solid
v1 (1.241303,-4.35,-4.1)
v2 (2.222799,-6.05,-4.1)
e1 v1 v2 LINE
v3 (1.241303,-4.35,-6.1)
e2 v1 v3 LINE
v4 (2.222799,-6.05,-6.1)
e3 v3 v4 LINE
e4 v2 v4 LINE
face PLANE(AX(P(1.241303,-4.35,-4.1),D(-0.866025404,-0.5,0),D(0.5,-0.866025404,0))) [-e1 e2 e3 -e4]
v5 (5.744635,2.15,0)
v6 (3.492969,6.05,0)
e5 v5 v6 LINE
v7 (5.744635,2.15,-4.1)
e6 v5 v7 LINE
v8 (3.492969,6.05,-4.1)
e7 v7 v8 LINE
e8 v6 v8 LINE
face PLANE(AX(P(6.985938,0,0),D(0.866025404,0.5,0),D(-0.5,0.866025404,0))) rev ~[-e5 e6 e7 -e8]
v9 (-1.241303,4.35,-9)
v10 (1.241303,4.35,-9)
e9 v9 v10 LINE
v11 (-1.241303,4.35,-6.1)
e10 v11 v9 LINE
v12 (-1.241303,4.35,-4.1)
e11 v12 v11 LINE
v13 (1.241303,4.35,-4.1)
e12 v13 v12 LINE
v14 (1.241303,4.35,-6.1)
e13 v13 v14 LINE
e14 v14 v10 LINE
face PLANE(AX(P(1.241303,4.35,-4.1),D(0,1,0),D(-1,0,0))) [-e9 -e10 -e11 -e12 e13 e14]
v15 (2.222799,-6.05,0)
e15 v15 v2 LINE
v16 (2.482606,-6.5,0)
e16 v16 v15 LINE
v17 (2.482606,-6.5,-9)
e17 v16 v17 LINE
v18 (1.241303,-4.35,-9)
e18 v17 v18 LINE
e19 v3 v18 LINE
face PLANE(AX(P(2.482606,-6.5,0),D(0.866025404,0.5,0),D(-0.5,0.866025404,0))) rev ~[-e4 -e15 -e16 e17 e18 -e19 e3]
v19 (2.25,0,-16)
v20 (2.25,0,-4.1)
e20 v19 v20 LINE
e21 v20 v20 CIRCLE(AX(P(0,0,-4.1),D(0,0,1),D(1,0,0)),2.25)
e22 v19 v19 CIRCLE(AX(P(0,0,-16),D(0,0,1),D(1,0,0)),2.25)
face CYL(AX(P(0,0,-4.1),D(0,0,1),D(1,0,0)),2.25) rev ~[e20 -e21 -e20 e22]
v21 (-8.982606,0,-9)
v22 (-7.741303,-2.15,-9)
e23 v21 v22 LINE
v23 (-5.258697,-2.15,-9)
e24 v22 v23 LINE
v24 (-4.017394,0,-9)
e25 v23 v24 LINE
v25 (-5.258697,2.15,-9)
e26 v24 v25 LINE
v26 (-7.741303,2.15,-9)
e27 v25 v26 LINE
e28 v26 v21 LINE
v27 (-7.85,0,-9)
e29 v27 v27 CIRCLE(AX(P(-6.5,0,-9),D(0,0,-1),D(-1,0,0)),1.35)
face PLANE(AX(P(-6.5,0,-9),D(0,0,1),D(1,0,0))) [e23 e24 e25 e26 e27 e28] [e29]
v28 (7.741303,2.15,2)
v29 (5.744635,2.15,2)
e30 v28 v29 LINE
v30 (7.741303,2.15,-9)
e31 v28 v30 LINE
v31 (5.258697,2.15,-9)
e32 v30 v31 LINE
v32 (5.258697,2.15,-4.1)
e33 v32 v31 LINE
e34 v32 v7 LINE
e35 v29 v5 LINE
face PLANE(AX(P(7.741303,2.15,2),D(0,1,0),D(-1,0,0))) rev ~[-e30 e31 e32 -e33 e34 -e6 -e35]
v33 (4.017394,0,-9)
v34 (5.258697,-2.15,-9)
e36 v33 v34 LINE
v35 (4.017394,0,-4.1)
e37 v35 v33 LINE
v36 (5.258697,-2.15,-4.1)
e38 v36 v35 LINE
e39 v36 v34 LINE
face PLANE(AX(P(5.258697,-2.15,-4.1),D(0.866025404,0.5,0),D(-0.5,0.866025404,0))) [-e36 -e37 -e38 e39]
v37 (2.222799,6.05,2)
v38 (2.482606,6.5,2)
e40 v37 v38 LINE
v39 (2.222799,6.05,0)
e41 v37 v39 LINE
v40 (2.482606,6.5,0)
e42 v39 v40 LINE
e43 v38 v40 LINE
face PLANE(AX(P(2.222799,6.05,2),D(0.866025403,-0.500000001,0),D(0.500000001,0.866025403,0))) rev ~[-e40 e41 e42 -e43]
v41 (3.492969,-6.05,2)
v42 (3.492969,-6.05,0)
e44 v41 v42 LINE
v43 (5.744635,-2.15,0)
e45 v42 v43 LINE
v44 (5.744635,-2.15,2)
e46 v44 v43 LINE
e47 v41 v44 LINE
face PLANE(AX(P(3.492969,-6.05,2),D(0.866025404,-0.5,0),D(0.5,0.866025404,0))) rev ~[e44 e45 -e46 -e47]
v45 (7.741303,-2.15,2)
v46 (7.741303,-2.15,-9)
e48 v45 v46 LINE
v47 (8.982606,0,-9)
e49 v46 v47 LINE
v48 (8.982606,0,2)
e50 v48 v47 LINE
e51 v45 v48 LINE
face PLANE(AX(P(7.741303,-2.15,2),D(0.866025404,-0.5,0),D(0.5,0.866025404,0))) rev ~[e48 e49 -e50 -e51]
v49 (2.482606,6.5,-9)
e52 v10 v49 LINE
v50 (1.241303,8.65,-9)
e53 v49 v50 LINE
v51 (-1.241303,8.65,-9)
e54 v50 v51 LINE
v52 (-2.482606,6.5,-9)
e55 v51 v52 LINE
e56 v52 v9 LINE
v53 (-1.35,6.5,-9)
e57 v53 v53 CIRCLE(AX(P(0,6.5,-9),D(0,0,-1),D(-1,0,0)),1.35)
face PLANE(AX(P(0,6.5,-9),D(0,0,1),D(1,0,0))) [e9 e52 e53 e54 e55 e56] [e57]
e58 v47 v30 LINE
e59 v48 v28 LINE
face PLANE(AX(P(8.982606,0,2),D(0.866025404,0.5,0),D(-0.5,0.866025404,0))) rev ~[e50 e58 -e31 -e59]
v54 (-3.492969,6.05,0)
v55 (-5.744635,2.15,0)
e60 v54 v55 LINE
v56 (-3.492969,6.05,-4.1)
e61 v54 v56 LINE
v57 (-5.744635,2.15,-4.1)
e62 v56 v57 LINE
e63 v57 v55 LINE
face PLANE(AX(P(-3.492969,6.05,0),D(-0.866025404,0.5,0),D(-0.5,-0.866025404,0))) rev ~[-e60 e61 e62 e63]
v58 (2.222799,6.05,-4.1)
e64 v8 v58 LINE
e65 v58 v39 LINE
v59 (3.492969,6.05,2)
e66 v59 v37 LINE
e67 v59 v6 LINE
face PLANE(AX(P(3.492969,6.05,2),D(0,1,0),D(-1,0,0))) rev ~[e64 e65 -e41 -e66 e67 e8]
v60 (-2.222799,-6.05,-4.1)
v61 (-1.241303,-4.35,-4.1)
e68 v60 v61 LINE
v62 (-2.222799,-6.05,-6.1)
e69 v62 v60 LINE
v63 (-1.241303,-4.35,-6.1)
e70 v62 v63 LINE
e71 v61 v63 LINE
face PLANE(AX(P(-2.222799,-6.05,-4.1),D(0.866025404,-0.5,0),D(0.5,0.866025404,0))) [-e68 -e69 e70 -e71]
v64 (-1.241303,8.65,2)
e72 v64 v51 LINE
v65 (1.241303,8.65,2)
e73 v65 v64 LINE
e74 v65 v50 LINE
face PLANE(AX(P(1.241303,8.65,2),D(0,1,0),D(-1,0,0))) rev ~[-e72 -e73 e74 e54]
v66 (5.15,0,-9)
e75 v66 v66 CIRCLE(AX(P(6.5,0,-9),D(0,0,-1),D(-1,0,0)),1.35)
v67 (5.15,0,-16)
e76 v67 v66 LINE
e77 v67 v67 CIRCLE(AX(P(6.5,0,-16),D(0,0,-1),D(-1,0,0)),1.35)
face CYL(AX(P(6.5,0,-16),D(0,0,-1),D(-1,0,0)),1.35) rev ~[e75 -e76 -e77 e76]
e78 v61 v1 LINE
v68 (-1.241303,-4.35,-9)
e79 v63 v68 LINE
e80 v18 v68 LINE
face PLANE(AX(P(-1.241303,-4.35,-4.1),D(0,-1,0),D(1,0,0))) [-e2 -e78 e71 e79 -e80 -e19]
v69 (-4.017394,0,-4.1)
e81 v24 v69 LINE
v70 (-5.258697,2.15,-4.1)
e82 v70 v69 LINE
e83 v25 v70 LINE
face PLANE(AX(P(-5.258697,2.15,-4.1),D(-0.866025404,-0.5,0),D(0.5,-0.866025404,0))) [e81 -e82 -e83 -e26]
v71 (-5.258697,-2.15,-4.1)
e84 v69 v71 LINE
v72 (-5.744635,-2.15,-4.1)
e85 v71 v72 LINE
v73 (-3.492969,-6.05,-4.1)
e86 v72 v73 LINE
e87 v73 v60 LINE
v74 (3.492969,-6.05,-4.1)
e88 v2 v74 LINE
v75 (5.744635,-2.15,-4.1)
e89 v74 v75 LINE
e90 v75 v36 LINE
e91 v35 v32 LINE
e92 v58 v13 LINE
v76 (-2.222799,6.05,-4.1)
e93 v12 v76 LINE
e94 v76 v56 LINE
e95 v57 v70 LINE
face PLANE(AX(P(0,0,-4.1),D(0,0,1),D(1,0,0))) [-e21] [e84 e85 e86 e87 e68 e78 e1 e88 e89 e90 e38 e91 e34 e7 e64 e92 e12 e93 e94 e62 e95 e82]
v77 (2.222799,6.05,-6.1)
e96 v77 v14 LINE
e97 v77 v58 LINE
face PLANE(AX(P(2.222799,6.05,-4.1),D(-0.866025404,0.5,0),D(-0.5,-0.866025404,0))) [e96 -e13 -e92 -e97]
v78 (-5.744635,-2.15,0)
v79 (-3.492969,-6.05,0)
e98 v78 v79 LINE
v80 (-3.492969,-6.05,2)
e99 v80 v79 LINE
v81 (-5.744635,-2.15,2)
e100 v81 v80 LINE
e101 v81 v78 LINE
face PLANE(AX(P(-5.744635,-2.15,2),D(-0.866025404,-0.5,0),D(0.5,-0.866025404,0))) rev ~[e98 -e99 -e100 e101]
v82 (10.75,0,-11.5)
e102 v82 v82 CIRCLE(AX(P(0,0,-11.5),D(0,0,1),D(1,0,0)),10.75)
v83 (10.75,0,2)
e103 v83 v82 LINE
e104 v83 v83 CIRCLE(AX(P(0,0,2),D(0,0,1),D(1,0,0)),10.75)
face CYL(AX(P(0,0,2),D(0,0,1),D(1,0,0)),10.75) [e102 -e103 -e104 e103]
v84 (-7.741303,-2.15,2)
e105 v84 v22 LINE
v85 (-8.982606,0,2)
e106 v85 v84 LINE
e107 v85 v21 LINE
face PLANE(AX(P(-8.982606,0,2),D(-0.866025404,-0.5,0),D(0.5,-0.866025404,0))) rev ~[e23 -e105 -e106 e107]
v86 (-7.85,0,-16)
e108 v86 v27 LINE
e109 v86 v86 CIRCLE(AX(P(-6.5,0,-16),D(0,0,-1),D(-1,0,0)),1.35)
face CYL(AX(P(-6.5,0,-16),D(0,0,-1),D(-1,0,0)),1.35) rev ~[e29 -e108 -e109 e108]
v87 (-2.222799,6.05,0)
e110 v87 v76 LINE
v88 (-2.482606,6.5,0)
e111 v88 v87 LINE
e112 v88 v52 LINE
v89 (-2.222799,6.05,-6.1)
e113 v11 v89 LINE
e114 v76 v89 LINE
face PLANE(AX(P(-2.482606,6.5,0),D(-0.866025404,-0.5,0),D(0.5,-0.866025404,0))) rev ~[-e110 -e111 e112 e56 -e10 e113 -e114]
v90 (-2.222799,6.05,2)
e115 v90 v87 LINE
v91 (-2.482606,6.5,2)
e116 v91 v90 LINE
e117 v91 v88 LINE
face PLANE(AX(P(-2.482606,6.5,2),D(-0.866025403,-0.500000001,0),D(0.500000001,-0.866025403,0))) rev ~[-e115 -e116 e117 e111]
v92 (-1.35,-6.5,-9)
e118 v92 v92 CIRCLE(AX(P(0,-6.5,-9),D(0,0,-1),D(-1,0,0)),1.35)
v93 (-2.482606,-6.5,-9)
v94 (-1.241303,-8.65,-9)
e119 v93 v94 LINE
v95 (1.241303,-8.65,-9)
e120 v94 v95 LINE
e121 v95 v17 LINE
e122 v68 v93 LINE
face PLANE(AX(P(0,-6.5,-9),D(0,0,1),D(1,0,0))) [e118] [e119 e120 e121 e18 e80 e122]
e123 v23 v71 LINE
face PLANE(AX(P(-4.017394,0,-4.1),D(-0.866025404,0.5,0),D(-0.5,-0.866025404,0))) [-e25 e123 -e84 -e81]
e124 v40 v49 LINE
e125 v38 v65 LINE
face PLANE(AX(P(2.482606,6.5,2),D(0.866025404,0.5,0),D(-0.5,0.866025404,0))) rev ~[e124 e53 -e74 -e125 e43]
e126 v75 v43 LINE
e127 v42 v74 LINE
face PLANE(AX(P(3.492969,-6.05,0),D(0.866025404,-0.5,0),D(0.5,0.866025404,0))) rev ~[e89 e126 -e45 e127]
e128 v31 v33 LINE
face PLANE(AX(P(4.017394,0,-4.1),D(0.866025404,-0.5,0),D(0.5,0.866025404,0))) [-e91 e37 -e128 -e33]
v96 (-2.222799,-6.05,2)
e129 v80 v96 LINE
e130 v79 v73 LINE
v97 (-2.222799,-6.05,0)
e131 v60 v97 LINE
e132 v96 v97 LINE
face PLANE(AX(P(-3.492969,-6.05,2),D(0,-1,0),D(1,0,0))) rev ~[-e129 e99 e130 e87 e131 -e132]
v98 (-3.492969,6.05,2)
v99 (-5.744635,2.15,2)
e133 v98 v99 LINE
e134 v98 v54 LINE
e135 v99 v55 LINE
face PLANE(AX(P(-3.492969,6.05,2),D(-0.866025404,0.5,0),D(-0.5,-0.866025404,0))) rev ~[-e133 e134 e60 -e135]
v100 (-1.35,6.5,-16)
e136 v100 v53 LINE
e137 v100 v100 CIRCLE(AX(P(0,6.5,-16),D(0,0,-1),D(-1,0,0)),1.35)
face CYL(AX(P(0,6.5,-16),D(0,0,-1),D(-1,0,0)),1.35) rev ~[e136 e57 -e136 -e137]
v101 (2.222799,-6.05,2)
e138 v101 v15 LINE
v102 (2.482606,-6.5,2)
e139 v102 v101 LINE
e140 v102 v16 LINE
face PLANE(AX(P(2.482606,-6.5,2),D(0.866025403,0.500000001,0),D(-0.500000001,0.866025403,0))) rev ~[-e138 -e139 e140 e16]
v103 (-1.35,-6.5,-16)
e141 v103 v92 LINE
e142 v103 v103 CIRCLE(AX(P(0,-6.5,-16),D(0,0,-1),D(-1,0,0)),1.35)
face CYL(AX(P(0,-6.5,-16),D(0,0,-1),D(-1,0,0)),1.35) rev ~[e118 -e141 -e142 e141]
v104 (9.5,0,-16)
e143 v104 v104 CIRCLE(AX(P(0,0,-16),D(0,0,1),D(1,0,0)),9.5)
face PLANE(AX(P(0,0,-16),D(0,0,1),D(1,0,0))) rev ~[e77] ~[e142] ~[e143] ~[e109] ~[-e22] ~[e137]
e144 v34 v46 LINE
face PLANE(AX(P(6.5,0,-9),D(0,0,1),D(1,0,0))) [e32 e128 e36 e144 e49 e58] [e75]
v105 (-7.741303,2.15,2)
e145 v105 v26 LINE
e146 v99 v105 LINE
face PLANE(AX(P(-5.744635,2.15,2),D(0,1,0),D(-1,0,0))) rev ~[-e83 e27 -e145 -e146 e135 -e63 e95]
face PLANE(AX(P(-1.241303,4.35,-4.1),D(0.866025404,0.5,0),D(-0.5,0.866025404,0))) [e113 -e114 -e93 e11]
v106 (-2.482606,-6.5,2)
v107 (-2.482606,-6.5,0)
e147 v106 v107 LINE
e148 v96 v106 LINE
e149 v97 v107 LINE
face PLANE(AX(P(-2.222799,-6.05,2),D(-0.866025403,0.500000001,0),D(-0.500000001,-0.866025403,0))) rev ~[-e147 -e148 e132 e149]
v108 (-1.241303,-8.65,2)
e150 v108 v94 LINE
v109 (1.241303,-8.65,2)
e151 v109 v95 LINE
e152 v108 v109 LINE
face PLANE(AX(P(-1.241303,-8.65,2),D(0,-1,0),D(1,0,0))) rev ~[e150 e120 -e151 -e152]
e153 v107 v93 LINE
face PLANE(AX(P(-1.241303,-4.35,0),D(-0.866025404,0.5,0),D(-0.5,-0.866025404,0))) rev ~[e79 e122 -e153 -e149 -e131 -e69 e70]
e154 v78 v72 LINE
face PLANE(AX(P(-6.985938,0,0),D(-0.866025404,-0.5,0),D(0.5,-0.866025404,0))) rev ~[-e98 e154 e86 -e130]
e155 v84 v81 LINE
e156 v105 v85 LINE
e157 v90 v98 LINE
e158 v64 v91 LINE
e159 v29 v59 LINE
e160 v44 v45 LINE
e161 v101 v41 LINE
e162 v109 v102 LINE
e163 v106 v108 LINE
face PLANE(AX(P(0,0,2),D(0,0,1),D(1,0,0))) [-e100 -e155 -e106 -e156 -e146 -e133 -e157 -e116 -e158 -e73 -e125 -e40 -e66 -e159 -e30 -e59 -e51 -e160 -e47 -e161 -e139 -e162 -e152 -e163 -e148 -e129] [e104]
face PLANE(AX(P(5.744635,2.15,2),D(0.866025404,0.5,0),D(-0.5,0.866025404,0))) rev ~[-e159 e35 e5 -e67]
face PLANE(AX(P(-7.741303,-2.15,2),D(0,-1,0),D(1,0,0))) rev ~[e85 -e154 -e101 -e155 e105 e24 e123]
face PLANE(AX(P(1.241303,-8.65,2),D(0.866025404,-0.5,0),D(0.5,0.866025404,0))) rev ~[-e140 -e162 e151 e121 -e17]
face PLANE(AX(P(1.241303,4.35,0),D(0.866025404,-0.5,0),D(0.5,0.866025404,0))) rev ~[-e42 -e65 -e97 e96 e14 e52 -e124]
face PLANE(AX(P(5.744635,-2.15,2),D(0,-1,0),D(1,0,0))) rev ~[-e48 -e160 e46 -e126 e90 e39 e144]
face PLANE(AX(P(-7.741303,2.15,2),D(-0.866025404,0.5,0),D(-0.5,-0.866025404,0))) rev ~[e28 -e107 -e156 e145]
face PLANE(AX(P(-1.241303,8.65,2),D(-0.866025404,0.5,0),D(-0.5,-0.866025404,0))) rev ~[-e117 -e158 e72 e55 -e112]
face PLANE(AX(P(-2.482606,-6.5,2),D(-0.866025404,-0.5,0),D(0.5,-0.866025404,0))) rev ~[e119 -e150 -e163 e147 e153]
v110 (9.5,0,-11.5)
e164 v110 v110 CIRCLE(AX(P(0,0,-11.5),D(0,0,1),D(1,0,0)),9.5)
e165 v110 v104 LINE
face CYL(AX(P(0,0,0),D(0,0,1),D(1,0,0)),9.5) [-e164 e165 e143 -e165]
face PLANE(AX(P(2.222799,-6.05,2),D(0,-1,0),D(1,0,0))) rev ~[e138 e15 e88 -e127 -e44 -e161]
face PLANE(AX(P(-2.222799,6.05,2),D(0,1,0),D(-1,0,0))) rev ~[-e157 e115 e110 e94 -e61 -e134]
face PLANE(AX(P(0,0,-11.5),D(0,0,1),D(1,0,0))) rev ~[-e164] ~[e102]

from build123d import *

# Parameters (mm, degrees)
SKETCH1_R           = 9.5
BOSS_EXTRUDE1_DEPTH = 16
SKETCH1_3_R         = 10.75
SKETCH1_3_R_2       = 9.5
BOSS_EXTRUDE2_DEPTH = 11.5
SKETCH2_R           = 2.25
CUT_EXTRUDE1_DEPTH  = 23.070908454
SKETCH3_R           = 1.35
CUT_EXTRUDE2_DEPTH  = 23.070908454
CUT_EXTRUDE7_START  = -9
SKETCH5_R           = 1.35
CUT_EXTRUDE7_DEPTH  = 9
CUT_EXTRUDE8_DEPTH  = 6.1
BOSS_EXTRUDE5_START = 2
SKETCH8_R           = 2.25
BOSS_EXTRUDE5_DEPTH = 2
BOSS_EXTRUDE6_START = 2
SKETCH9_R           = 10.75
BOSS_EXTRUDE6_DEPTH = 2


with BuildPart() as part:
    # Sketch1 → Boss-Extrude1 (new body)
    with BuildSketch(Plane.XY):
        Circle(SKETCH1_R)
    extrude(amount=-BOSS_EXTRUDE1_DEPTH)

    # Sketch1<3> → Boss-Extrude2 (add)
    with BuildSketch(Plane.XY):
        Circle(SKETCH1_3_R)
        Circle(SKETCH1_3_R_2, mode=Mode.SUBTRACT)
    extrude(amount=-BOSS_EXTRUDE2_DEPTH)

    # Sketch2 → Cut-Extrude1 (cut, through all)
    with BuildSketch(Plane.XY):
        Circle(SKETCH2_R)
    extrude(amount=-CUT_EXTRUDE1_DEPTH, mode=Mode.SUBTRACT)

    # Sketch3 → Cut-Extrude2 (cut, through all)
    with BuildSketch(Plane(origin=(0, 0, -16), x_dir=(-1, 0, 0), z_dir=(0, 0, -1))):
        with Locations((-6.5, 0)):
            Circle(SKETCH3_R)
        with Locations((0, 6.5)):
            Circle(SKETCH3_R)
        with Locations((6.5, 0)):
            Circle(SKETCH3_R)
        with Locations((0, -6.5)):
            Circle(SKETCH3_R)
    extrude(amount=-CUT_EXTRUDE2_DEPTH, mode=Mode.SUBTRACT)

    # Sketch5 → Cut-Extrude7 (cut)
    # profile 1 of 4: a face of its own
    with BuildSketch(Plane.XY.offset(CUT_EXTRUDE7_START)):
        Polygon((-1.241303079, 4.35), (1.241303079, 4.35), (2.482606158, 6.5), (1.241303079, 8.65), (-1.241303079, 8.65), (-2.482606158, 6.5), align=None)
        with Locations((0, 6.5)):
            Circle(SKETCH5_R, mode=Mode.SUBTRACT)
    # profile 2 of 4: a face of its own
    with BuildSketch(Plane.XY.offset(CUT_EXTRUDE7_START)):
        Polygon((-7.741303079, -2.15), (-5.258696921, -2.15), (-4.017393842, 0), (-5.258696921, 2.15), (-7.741303079, 2.15), (-8.982606158, 0), align=None)
    # profile 3 of 4: a face of its own
    with BuildSketch(Plane.XY.offset(CUT_EXTRUDE7_START)):
        Polygon((-1.241303079, -8.65), (1.241303079, -8.65), (2.482606158, -6.5), (1.241303079, -4.35), (-1.241303079, -4.35), (-2.482606158, -6.5), align=None)
        with Locations((0, -6.5)):
            Circle(SKETCH5_R, mode=Mode.SUBTRACT)
    # profile 4 of 4: a face of its own
    with BuildSketch(Plane.XY.offset(CUT_EXTRUDE7_START)):
        Polygon((5.258696921, -2.15), (7.741303079, -2.15), (8.982606158, 0), (7.741303079, 2.15), (5.258696921, 2.15), (4.017393842, 0), align=None)
        with Locations((6.5, 0)):
            Circle(SKETCH5_R, mode=Mode.SUBTRACT)
    extrude(amount=CUT_EXTRUDE7_DEPTH, mode=Mode.SUBTRACT)

    # Sketch6 → Cut-Extrude8 (cut)
    with BuildSketch(Plane.XY):
        Polygon((3.492969129, -6.05), (6.985938257, 0), (3.492969129, 6.05), (-3.492969129, 6.05), (-6.985938257, 0), (-3.492969129, -6.05), align=None)
    extrude(amount=-CUT_EXTRUDE8_DEPTH, mode=Mode.SUBTRACT)

    # Sketch8 → Boss-Extrude5 (add)
    with BuildSketch(Plane.XY.offset(-6.1).offset(BOSS_EXTRUDE5_START)):
        Polygon((-1.241303079, 4.35), (-2.222798536, 6.05), (-3.492969129, 6.05), (-5.744635178, 2.15), (-5.258696921, 2.15), (-4.017393842, 0), (-5.258696921, -2.15), (-5.744635178, -2.15), (-3.492969129, -6.05), (-2.222798536, -6.05), (-1.241303079, -4.35), (1.241303079, -4.35), (2.222798536, -6.05), (3.492969129, -6.05), (5.744635178, -2.15), (5.258696921, -2.15), (4.017393842, 0), (5.258696921, 2.15), (5.744635178, 2.15), (3.492969129, 6.05), (2.222798536, 6.05), (1.241303079, 4.35), align=None)
        Circle(SKETCH8_R, mode=Mode.SUBTRACT)
    extrude(amount=-BOSS_EXTRUDE5_DEPTH)

    # Sketch9 → Boss-Extrude6 (add)
    with BuildSketch(Plane.XY.offset(BOSS_EXTRUDE6_START)):
        Circle(SKETCH9_R)
        Polygon((-3.492969129, 6.05), (-5.744635178, 2.15), (-7.741303079, 2.15), (-8.982606158, 0), (-7.741303079, -2.15), (-5.744635178, -2.15), (-3.492969129, -6.05), (-2.222798536, -6.05), (-2.482606158, -6.5), (-1.241303079, -8.65), (1.241303079, -8.65), (2.482606158, -6.5), (2.222798536, -6.05), (3.492969129, -6.05), (5.744635178, -2.15), (7.741303079, -2.15), (8.982606158, 0), (7.741303079, 2.15), (5.744635178, 2.15), (3.492969129, 6.05), (2.222798536, 6.05), (2.482606158, 6.5), (1.241303079, 8.65), (-1.241303079, 8.65), (-2.482606158, 6.5), (-2.222798536, 6.05), align=None, mode=Mode.SUBTRACT)
    extrude(amount=-BOSS_EXTRUDE6_DEPTH)


solid = part.part
